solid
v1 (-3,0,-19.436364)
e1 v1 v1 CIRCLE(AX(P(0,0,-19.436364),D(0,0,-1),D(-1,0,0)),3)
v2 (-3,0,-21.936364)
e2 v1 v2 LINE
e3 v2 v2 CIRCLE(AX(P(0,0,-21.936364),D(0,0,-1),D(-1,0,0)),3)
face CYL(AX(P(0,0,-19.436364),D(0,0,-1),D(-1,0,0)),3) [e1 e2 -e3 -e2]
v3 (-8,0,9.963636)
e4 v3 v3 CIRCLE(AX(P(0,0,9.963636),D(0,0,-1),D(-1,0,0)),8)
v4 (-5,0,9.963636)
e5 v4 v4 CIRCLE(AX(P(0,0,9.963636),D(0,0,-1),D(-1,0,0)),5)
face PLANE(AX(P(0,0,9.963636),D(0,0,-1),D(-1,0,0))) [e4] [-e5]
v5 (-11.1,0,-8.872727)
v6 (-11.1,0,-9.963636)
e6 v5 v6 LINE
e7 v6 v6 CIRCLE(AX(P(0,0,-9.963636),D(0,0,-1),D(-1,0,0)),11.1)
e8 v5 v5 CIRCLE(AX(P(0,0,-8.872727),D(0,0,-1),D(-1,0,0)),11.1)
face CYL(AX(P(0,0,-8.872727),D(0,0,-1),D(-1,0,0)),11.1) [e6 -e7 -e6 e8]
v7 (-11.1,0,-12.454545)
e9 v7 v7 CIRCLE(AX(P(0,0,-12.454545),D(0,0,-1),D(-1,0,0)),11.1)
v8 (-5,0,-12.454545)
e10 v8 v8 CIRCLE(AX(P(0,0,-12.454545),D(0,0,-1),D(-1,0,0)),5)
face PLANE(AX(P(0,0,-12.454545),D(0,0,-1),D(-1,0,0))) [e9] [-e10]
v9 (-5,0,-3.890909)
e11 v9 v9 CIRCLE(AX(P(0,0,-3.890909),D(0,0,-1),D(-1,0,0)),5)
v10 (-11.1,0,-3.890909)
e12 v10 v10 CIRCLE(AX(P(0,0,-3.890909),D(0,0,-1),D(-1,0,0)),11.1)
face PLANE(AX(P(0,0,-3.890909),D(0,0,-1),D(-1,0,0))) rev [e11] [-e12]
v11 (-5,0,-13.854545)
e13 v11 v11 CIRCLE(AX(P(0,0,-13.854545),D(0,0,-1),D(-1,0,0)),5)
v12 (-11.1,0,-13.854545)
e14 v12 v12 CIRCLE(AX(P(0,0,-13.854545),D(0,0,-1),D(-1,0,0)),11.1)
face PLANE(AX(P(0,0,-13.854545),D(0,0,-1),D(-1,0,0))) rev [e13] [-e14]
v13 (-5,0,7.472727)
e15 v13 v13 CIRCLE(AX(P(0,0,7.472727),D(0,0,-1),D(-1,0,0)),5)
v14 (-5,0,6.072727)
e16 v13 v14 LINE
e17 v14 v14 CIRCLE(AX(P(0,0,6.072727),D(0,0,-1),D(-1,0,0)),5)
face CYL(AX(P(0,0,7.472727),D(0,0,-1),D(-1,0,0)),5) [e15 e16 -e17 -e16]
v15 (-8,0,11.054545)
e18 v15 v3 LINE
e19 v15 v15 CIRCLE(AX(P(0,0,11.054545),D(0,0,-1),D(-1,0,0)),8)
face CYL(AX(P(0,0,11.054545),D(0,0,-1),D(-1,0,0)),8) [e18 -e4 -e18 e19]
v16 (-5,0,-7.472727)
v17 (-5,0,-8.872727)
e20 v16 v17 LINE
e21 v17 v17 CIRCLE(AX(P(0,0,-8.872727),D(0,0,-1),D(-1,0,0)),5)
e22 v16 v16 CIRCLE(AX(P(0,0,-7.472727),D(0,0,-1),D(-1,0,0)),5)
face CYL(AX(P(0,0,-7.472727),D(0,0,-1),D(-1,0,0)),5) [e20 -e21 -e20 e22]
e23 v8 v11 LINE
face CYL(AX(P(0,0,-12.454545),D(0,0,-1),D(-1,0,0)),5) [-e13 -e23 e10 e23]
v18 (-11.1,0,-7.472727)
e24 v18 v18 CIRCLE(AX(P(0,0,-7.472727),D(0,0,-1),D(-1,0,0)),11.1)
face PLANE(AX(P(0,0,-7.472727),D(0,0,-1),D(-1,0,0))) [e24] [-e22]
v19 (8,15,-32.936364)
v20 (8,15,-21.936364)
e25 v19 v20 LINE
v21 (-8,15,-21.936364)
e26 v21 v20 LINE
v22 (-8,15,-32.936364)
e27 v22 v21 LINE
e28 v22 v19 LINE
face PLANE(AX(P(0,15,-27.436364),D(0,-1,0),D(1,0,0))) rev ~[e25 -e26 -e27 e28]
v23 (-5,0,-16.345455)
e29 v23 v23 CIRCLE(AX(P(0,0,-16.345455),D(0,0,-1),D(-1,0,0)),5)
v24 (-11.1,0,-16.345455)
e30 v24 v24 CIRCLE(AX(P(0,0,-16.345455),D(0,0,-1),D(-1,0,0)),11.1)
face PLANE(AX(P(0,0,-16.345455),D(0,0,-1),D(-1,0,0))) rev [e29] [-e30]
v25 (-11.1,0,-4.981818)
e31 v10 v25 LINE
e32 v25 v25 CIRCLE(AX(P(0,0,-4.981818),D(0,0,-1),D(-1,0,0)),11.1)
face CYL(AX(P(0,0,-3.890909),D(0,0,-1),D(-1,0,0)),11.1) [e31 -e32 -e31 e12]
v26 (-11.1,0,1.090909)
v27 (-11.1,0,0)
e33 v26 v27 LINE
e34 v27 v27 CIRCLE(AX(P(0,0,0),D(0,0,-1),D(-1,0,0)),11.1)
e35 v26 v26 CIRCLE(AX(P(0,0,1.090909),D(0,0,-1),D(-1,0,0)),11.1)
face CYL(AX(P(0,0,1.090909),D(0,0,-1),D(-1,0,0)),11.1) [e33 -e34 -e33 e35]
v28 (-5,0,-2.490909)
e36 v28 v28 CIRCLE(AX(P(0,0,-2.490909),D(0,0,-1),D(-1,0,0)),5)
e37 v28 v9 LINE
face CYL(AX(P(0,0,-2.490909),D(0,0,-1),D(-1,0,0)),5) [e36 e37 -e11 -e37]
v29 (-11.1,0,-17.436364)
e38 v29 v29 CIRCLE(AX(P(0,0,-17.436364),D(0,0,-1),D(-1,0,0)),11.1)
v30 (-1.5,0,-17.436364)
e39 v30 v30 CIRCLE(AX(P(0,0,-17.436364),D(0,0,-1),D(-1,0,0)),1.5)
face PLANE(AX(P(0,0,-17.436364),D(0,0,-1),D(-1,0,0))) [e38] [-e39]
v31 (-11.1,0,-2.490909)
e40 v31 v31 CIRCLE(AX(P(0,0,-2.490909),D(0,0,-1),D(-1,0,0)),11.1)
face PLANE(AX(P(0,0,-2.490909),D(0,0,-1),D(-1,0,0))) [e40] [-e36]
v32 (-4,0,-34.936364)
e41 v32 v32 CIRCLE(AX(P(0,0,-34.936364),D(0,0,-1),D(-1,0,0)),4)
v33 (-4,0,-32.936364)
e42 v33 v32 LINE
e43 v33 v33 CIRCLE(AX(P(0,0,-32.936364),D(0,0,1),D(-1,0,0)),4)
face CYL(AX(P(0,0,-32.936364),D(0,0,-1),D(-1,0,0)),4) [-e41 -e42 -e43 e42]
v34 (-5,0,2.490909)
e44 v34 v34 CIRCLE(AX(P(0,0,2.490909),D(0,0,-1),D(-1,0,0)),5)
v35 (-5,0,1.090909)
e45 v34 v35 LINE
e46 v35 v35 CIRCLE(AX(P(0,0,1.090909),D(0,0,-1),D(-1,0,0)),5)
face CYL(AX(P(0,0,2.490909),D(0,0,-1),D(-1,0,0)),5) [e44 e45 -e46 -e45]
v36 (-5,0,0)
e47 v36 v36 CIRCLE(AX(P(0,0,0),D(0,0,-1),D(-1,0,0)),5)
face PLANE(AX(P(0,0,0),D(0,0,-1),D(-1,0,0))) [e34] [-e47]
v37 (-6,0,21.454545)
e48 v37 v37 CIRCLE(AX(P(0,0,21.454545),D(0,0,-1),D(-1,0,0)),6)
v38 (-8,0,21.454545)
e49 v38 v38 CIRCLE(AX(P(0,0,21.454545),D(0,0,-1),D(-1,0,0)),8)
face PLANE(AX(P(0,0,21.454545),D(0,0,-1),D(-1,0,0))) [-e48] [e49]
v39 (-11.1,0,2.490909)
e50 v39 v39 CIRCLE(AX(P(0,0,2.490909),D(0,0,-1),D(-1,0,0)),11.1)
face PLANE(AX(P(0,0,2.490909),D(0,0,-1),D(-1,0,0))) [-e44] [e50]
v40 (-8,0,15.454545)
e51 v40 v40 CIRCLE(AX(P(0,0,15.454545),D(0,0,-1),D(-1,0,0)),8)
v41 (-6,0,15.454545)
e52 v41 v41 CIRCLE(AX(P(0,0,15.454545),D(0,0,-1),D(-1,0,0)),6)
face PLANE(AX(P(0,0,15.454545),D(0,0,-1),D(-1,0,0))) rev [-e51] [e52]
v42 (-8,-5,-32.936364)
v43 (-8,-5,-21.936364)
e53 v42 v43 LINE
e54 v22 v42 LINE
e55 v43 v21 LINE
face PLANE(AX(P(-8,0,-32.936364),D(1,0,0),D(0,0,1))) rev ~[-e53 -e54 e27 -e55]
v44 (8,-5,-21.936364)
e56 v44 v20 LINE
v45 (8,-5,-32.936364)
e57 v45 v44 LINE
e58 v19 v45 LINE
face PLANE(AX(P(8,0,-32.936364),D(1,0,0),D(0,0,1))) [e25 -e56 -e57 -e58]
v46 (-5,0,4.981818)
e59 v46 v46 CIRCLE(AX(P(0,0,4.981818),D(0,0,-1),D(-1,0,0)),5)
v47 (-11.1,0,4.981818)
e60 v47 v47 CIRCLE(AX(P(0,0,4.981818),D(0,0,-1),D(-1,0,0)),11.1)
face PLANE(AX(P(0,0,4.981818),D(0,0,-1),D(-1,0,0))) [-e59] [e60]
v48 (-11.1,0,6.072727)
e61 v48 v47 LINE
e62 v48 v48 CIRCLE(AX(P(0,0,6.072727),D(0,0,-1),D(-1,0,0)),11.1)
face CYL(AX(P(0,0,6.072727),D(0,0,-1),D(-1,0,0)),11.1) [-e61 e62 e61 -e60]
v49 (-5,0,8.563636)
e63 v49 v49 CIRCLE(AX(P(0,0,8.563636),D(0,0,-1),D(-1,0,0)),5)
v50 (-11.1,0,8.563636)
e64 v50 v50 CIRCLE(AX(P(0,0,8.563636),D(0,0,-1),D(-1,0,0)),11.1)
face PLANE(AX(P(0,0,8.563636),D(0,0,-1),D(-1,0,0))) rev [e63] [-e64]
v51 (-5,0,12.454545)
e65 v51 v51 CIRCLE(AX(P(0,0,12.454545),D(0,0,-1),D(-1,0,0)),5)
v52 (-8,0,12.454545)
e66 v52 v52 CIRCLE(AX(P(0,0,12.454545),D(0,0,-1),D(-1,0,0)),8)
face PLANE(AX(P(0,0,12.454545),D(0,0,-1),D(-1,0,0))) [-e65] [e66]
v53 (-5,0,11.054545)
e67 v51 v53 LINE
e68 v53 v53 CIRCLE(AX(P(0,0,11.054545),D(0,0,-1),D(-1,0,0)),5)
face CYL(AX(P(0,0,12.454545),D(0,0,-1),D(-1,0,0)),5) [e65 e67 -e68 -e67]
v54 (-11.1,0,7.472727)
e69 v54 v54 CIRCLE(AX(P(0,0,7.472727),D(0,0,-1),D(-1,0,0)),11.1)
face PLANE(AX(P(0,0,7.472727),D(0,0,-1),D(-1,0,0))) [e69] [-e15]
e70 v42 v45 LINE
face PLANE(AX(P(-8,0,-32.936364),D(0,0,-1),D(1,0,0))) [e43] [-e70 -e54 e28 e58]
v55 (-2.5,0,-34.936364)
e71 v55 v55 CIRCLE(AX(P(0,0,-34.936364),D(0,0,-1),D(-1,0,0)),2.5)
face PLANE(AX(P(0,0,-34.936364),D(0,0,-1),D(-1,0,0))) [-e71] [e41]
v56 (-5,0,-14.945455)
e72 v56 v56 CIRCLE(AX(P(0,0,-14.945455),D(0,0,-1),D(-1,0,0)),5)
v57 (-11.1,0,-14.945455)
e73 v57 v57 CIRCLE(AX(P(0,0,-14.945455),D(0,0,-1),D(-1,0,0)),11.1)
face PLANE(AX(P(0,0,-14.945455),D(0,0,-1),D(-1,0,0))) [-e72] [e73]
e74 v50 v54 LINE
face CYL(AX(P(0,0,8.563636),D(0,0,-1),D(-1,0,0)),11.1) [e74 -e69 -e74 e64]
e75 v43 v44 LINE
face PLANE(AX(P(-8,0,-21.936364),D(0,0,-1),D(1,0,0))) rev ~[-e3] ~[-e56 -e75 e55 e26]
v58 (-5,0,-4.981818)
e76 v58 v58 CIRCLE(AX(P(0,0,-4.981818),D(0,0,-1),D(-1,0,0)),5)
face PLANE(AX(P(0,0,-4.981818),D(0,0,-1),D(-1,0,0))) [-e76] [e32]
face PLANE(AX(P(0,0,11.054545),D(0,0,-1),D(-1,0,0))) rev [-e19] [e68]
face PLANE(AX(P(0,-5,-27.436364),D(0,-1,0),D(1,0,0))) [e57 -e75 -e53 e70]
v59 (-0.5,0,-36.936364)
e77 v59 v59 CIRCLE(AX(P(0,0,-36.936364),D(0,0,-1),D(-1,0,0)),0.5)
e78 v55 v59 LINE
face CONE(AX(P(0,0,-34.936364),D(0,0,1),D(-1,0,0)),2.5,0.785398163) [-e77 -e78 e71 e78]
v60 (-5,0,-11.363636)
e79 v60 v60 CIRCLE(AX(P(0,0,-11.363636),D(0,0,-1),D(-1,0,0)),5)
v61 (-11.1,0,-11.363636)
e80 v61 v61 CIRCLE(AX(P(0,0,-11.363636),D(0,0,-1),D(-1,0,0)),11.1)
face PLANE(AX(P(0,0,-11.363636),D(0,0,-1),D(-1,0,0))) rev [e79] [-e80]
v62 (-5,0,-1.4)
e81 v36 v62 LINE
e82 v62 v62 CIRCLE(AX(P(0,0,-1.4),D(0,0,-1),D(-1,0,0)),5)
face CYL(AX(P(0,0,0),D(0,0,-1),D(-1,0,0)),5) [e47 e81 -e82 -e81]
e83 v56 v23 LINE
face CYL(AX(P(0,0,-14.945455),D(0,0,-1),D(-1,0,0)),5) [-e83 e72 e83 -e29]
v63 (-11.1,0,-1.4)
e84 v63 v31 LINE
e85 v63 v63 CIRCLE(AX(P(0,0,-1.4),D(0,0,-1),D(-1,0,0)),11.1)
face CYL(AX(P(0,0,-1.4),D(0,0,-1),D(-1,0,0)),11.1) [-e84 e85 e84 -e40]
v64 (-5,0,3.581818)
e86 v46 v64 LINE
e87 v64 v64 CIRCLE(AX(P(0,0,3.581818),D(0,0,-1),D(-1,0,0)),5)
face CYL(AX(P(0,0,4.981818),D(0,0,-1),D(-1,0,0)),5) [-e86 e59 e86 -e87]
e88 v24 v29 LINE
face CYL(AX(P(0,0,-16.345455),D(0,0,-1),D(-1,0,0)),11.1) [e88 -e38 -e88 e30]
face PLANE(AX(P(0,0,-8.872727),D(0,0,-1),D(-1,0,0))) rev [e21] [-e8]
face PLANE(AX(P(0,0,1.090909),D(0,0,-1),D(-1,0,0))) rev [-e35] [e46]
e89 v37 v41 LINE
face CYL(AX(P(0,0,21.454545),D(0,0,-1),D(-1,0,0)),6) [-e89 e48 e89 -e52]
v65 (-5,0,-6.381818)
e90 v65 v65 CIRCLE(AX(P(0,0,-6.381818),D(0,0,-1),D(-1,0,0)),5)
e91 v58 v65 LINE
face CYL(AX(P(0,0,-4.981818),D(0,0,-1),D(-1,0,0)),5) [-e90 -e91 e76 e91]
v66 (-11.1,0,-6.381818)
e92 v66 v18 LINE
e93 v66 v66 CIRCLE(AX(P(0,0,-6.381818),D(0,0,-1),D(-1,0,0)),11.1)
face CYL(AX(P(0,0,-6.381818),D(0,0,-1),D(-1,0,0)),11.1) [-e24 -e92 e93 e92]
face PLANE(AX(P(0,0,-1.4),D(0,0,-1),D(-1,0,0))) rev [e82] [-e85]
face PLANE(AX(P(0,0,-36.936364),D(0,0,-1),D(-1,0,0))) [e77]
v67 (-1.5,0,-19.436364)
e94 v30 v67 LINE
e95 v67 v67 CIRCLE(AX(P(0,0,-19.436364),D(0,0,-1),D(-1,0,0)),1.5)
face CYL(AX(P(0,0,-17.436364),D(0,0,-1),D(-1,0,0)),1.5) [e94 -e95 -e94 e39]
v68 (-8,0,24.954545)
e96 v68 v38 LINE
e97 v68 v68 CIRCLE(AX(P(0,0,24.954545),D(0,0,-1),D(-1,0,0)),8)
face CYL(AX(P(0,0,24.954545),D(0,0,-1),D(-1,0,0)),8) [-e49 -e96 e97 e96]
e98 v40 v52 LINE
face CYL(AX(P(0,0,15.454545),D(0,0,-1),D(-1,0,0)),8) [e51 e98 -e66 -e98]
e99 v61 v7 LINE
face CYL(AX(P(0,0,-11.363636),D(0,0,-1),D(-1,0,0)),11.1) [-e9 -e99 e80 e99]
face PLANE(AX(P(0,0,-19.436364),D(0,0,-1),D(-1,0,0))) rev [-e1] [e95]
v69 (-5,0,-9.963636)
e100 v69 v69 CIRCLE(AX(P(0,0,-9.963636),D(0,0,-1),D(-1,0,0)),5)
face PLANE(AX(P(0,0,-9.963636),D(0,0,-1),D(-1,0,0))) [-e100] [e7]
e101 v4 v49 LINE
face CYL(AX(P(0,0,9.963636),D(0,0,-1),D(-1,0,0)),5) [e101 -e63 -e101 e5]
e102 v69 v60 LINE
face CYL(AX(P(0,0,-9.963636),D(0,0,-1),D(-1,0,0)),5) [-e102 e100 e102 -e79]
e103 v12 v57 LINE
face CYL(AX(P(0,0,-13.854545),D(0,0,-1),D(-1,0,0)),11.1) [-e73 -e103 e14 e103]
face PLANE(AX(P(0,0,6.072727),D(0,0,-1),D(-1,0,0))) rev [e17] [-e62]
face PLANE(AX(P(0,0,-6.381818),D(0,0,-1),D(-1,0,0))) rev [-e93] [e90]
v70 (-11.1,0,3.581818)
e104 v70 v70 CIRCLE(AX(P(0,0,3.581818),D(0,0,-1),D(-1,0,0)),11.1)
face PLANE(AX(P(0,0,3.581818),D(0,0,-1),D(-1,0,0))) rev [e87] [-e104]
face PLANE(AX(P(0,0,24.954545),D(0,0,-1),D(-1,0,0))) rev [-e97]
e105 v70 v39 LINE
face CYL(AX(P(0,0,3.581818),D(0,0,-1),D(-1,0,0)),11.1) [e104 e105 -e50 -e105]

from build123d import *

# Parameters (mm, degrees)
F2_W          = 16
F2_H          = 11
F3_DEPTH      = 5
F3_DEPTH_BACK = 15


with BuildPart() as f1:
    # F0 (on Front) → F1 (revolve)
    with BuildSketch(Plane.XZ):
        Polygon((0, -36.936364), (0, -17.436364), (-1.5, -17.436364), (-1.5, -19.436364), (-3, -19.436364), (-3, -32.936364), (-4, -32.936364), (-4, -34.936364), (-2.5, -34.936364), (-0.5, -36.936364), align=None)
        Polygon((0, -17.436364), (0, 24.954545), (-8, 24.954545), (-8, 21.454545), (-6, 21.454545), (-6, 15.454545), (-8, 15.454545), (-8, 12.454545), (-5, 12.454545), (-5, 11.054545), (-8, 11.054545), (-8, 9.963636), (-5, 9.963636), (-5, 8.563636), (-11.1, 8.563636), (-11.1, 7.472727), (-5, 7.472727), (-5, 6.072727), (-11.1, 6.072727), (-11.1, 4.981818), (-5, 4.981818), (-5, 3.581818), (-11.1, 3.581818), (-11.1, 2.490909), (-5, 2.490909), (-5, 1.090909), (-11.1, 1.090909), (-11.1, 0), (-5, 0), (-5, -1.4), (-11.1, -1.4), (-11.1, -2.490909), (-5, -2.490909), (-5, -3.890909), (-11.1, -3.890909), (-11.1, -4.981818), (-5, -4.981818), (-5, -6.381818), (-11.1, -6.381818), (-11.1, -7.472727), (-5, -7.472727), (-5, -8.872727), (-11.1, -8.872727), (-11.1, -9.963636), (-5, -9.963636), (-5, -11.363636), (-11.1, -11.363636), (-11.1, -12.454545), (-5, -12.454545), (-5, -13.854545), (-11.1, -13.854545), (-11.1, -14.945455), (-5, -14.945455), (-5, -16.345455), (-11.1, -16.345455), (-11.1, -17.436364), (-1.5, -17.436364), align=None)
    revolve(axis=Axis((0, 0, -0.338393), (0, 0, -1)))

    # F2 (on Front) → F3 (join, two sides)
    with BuildSketch(Plane.XZ) as f3_sk:
        with Locations((0, -27.436364)):
            Rectangle(F2_W, F2_H)
    extrude(amount=F3_DEPTH)
    extrude(f3_sk.sketch, amount=-F3_DEPTH_BACK)


solid = f1.part
